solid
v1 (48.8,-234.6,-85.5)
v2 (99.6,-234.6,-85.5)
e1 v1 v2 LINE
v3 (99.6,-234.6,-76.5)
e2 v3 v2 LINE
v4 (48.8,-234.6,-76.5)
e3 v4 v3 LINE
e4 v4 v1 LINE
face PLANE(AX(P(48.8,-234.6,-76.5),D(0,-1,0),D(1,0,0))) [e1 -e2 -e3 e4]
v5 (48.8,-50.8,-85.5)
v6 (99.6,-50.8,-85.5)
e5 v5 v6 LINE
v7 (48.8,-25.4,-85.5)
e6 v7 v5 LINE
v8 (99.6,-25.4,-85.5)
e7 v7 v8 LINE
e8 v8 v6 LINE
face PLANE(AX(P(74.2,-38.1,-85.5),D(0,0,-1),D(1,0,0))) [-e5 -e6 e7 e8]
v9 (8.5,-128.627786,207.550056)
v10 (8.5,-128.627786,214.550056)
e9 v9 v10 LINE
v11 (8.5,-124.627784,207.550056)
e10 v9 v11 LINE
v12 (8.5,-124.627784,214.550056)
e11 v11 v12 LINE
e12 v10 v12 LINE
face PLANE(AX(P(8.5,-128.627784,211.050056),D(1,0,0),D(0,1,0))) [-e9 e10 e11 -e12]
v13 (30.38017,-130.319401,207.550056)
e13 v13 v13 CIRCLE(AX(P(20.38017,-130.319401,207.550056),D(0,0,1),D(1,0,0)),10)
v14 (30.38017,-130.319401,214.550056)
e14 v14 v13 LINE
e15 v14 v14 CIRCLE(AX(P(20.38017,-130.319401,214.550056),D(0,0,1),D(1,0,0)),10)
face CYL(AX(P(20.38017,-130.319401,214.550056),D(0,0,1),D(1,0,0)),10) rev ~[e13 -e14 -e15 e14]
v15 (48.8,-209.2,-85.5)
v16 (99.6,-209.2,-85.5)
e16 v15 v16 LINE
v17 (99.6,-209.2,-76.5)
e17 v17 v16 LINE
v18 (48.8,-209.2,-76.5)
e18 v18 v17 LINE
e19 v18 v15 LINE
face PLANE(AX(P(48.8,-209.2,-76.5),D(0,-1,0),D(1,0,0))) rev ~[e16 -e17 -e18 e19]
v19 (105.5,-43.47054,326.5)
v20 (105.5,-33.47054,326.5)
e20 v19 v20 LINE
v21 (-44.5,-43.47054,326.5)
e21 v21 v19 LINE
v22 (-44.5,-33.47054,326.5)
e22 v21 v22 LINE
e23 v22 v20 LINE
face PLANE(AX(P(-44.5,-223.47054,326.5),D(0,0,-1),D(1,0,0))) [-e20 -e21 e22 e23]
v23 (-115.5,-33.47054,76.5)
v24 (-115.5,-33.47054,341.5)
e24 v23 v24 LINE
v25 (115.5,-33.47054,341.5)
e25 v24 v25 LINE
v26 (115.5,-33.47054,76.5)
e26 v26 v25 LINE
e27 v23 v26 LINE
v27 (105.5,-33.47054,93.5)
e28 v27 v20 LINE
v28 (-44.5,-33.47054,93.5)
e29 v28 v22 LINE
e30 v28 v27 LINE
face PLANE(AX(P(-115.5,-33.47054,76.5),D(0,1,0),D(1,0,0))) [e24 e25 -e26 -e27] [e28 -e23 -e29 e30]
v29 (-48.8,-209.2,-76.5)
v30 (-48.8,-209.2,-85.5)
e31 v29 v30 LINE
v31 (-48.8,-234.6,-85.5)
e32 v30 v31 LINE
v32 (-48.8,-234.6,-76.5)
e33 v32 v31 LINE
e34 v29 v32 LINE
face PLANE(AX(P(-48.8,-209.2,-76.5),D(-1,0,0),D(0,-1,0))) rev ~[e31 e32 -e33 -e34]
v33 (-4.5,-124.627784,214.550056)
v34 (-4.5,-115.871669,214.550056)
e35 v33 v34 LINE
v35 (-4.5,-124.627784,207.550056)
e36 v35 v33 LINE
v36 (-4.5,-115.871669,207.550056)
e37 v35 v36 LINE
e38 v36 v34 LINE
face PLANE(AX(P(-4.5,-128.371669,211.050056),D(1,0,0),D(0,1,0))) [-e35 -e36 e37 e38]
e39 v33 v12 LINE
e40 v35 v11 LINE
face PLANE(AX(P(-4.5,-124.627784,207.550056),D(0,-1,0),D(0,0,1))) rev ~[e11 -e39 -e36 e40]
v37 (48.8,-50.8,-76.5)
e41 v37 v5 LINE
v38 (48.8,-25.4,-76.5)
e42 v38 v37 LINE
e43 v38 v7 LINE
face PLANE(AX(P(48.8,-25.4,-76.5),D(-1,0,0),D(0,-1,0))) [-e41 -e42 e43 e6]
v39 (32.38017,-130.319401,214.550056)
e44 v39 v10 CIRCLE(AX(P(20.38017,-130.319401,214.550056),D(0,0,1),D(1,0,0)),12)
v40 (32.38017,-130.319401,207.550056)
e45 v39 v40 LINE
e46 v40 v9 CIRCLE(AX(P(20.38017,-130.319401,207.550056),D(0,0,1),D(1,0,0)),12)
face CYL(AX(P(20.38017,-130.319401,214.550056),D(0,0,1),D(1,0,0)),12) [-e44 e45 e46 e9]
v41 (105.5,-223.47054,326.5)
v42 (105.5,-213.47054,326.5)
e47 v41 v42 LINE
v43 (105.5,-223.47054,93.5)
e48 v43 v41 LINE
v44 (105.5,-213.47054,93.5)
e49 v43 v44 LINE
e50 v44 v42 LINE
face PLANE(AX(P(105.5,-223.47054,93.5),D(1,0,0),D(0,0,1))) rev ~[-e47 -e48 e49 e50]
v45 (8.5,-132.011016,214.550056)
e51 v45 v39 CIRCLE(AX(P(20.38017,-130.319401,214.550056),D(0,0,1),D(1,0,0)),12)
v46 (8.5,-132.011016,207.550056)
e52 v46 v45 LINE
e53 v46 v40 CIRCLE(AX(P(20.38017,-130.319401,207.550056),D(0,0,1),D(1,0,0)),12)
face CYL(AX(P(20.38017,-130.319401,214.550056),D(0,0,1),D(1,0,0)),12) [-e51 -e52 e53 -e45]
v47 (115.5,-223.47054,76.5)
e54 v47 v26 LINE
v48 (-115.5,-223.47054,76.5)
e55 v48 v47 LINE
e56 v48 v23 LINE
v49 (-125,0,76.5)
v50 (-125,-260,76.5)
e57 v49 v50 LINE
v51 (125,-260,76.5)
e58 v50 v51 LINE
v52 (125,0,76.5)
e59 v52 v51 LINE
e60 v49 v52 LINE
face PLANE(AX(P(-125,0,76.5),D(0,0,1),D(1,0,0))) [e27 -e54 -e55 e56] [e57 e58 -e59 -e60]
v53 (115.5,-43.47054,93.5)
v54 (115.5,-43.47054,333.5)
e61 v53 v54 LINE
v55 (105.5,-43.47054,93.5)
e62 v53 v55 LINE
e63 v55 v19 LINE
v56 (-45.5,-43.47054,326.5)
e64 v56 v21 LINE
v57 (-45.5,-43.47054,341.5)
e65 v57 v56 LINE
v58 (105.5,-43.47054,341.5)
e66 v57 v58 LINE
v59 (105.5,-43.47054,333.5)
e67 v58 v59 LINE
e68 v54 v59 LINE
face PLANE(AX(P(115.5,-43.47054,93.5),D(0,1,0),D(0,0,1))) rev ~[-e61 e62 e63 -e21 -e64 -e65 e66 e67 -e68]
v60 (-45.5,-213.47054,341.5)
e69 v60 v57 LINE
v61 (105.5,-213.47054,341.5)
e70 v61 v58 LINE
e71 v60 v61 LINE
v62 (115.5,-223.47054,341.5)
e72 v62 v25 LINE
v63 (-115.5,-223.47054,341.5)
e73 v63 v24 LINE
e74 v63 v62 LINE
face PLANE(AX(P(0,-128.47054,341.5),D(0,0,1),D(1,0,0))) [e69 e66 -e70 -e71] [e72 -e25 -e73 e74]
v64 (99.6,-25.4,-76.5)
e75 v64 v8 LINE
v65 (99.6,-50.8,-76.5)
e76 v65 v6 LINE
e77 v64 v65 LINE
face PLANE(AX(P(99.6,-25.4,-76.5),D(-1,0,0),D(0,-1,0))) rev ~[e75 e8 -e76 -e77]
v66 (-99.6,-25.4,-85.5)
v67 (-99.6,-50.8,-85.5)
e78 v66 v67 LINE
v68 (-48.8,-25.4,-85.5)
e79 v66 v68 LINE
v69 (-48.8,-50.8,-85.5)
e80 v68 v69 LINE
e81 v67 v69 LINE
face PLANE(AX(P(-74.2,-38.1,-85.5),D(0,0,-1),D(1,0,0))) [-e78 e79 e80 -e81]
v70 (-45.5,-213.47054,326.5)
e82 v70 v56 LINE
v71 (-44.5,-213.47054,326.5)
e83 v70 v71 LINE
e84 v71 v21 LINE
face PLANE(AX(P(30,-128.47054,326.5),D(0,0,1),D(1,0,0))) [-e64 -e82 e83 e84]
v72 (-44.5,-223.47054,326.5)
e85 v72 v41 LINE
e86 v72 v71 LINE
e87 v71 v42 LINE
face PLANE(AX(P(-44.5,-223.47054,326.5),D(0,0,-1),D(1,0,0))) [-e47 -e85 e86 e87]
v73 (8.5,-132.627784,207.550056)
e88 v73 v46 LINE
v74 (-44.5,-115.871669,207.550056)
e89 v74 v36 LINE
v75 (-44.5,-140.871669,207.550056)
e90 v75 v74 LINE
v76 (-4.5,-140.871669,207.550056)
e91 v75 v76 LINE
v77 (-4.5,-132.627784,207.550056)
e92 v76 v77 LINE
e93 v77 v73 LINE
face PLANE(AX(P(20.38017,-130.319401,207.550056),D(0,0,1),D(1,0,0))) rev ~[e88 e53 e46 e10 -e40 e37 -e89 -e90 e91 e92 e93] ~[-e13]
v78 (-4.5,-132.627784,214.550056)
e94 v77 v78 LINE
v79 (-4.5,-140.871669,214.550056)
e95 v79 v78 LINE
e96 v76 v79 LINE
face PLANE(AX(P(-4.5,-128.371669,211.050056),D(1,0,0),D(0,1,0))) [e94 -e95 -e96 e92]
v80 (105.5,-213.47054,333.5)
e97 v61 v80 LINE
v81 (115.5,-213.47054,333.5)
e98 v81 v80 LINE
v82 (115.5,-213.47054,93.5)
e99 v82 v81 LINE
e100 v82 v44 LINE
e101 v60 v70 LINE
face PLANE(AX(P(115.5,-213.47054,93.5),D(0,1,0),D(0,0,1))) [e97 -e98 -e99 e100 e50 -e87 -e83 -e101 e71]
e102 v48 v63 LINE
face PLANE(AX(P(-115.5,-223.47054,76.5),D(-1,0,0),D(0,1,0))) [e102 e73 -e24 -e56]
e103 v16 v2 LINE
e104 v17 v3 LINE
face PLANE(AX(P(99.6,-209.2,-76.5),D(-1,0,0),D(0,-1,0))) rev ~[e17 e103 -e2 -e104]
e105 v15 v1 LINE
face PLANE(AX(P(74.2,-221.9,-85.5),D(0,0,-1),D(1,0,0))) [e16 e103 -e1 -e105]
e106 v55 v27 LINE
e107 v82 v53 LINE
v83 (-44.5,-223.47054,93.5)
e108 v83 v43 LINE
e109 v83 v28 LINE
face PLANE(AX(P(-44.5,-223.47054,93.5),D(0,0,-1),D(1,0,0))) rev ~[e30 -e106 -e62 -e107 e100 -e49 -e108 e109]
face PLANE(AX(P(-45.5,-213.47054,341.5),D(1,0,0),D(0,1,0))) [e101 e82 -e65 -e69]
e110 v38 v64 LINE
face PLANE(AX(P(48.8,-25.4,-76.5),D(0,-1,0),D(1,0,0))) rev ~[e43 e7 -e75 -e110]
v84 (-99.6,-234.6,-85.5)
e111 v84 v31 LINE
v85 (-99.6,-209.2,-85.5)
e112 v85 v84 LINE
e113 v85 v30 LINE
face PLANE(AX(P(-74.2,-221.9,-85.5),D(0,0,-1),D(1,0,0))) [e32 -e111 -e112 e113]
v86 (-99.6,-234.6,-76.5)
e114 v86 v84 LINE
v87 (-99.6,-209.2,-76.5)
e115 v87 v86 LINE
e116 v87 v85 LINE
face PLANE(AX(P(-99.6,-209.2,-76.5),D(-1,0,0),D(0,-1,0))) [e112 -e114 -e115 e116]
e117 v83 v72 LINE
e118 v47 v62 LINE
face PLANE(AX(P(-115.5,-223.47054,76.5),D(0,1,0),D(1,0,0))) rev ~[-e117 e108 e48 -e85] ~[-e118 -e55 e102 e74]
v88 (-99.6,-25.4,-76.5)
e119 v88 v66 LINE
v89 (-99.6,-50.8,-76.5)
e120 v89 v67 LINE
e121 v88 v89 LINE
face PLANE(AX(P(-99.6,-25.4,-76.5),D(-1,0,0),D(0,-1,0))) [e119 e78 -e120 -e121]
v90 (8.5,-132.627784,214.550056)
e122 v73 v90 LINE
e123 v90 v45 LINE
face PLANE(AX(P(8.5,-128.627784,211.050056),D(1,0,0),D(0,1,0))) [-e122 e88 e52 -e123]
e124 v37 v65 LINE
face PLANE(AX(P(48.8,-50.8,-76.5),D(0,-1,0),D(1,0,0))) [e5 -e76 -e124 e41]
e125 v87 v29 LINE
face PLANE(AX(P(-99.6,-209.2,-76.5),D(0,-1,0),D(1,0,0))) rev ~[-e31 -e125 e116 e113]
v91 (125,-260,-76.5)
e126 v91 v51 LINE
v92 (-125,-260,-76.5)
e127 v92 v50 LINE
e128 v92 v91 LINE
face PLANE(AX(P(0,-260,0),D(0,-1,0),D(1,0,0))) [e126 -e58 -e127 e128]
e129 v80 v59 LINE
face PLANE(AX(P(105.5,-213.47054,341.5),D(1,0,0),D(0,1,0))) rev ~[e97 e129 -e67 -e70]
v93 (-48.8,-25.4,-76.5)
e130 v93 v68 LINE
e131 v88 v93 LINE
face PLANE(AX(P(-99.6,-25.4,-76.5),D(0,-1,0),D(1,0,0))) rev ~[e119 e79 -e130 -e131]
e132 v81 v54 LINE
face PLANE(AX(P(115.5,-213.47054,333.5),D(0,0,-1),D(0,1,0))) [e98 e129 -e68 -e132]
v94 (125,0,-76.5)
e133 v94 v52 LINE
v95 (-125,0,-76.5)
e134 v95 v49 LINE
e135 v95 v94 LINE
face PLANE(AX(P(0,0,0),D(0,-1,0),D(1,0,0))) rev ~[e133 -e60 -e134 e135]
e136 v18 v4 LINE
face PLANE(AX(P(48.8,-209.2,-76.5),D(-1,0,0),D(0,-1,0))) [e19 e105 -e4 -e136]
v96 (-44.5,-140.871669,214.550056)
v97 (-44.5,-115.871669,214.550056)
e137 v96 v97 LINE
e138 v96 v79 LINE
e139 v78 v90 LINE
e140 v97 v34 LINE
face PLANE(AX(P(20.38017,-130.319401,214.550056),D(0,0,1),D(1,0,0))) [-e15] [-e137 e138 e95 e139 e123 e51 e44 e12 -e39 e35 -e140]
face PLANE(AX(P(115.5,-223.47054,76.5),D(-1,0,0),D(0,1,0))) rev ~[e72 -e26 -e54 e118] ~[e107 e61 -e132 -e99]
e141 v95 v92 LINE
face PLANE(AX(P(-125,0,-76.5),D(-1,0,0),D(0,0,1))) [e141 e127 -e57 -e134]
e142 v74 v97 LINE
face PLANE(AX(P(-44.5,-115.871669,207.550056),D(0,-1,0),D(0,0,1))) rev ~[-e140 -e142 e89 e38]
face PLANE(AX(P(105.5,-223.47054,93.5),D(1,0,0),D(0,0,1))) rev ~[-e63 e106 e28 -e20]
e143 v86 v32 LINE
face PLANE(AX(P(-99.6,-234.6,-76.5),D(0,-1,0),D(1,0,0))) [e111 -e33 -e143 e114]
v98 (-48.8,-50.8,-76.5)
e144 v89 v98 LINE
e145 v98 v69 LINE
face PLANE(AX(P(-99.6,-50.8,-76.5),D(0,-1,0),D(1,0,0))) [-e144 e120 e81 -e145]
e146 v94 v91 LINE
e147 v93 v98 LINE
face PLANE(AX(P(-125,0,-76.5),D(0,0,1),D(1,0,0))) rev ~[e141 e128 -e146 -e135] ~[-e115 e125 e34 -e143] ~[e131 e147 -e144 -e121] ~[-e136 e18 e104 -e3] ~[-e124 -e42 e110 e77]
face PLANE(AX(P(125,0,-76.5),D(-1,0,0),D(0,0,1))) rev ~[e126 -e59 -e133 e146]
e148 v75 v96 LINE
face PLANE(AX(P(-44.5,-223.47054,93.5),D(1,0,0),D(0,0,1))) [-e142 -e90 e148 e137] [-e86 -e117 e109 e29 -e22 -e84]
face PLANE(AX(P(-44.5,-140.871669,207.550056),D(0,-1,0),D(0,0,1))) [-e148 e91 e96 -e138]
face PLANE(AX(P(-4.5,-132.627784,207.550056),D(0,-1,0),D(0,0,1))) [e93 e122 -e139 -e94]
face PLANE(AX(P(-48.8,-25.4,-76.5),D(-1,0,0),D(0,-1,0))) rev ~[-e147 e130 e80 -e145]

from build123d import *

# Parameters (mm, degrees)
F0_W      = 250
F0_H      = 153
F1_DEPTH  = 260
F2_W      = 231
F2_H      = 190
F3_DEPTH  = 265
F4_W      = 150
F4_H      = 233
F5_DEPTH  = 190
F6_W      = 170
F6_H      = 240
F7_DEPTH  = 10
F8_W      = 151
F8_H      = 170
F9_DEPTH  = 15
F10_W     = 25
F10_H     = 7
F11_DEPTH = 40
F12_W     = 8
F12_H     = 7
F13_DEPTH = 13
F14_R     = 12
F15_DEPTH = 7
F16_R     = 10
F17_DEPTH = 7
F18_W     = 50.8
F18_H     = 25.4
F19_DEPTH = 9
F20_W     = 50.8
F20_H     = 25.4
F21_DEPTH = 9
F22_W     = 50.8
F22_H     = 25.4
F23_DEPTH = 9
F24_W     = 50.8
F24_H     = 25.4
F25_DEPTH = 9


with BuildPart() as f1:
    # F0 (on Front) → F1 (new body)
    with BuildSketch(Plane.XZ):
        Rectangle(F0_W, F0_H)
    extrude(amount=F1_DEPTH)

    # F2 (on face) → F3 (join)
    with BuildSketch(Plane.XY.offset(76.5)):
        with Locations((0, -128.47054)):
            Rectangle(F2_W, F2_H)
    extrude(amount=F3_DEPTH)

    # F4 (on face) → F5 (cut)
    with BuildSketch(Plane.XZ.offset(223.47054)):
        with Locations((30.5, 210)):
            Rectangle(F4_W, F4_H)
    extrude(amount=-F5_DEPTH, mode=Mode.SUBTRACT)

    # F6 (on face) → F7 (cut)
    with BuildSketch(Plane.YZ.offset(115.5)):
        with Locations((-128.47054, 213.5)):
            Rectangle(F6_W, F6_H)
    extrude(amount=-F7_DEPTH, mode=Mode.SUBTRACT)

    # F8 (on face) → F9 (cut)
    with BuildSketch(Plane.XY.offset(341.5)):
        with Locations((30, -128.47054)):
            Rectangle(F8_W, F8_H)
    extrude(amount=-F9_DEPTH, mode=Mode.SUBTRACT)

    # F10 (on face) → F11 (join)
    with BuildSketch(Plane.YZ.offset(-44.5)):
        with Locations((-128.371669, 211.050056)):
            Rectangle(F10_W, F10_H)
    extrude(amount=F11_DEPTH)

    # F12 (on face) → F13 (join)
    with BuildSketch(Plane.YZ.offset(-4.5)):
        with Locations((-128.627784, 211.050056)):
            Rectangle(F12_W, F12_H)
    extrude(amount=F13_DEPTH)

    # F14 (on face) → F15 (join)
    with BuildSketch(Plane.XY.offset(214.550056)):
        with Locations((20.38017, -130.319401)):
            Circle(F14_R)
    extrude(amount=-F15_DEPTH)

    # F16 (on face) → F17 (cut)
    with BuildSketch(Plane.XY.offset(214.550056)):
        with Locations((20.38017, -130.319401)):
            Circle(F16_R)
    extrude(amount=-F17_DEPTH, mode=Mode.SUBTRACT)

    # F18 (on face) → F19 (join)
    with BuildSketch(Plane(origin=(0, 0, -76.5), x_dir=(1, 0, 0), z_dir=(0, 0, -1))):
        with Locations((-74.2, 221.9)):
            Rectangle(F18_W, F18_H)
    extrude(amount=F19_DEPTH)

    # F20 (on face) → F21 (join)
    with BuildSketch(Plane(origin=(0, 0, -76.5), x_dir=(1, 0, 0), z_dir=(0, 0, -1))):
        with Locations((74.2, 221.9)):
            Rectangle(F20_W, F20_H)
    extrude(amount=F21_DEPTH)

    # F22 (on face) → F23 (join)
    with BuildSketch(Plane(origin=(0, 0, -76.5), x_dir=(1, 0, 0), z_dir=(0, 0, -1))):
        with Locations((74.2, 38.1)):
            Rectangle(F22_W, F22_H)
    extrude(amount=F23_DEPTH)

    # F24 (on face) → F25 (join)
    with BuildSketch(Plane(origin=(0, 0, -76.5), x_dir=(1, 0, 0), z_dir=(0, 0, -1))):
        with Locations((-74.2, 38.1)):
            Rectangle(F24_W, F24_H)
    extrude(amount=F25_DEPTH)


solid = f1.part
